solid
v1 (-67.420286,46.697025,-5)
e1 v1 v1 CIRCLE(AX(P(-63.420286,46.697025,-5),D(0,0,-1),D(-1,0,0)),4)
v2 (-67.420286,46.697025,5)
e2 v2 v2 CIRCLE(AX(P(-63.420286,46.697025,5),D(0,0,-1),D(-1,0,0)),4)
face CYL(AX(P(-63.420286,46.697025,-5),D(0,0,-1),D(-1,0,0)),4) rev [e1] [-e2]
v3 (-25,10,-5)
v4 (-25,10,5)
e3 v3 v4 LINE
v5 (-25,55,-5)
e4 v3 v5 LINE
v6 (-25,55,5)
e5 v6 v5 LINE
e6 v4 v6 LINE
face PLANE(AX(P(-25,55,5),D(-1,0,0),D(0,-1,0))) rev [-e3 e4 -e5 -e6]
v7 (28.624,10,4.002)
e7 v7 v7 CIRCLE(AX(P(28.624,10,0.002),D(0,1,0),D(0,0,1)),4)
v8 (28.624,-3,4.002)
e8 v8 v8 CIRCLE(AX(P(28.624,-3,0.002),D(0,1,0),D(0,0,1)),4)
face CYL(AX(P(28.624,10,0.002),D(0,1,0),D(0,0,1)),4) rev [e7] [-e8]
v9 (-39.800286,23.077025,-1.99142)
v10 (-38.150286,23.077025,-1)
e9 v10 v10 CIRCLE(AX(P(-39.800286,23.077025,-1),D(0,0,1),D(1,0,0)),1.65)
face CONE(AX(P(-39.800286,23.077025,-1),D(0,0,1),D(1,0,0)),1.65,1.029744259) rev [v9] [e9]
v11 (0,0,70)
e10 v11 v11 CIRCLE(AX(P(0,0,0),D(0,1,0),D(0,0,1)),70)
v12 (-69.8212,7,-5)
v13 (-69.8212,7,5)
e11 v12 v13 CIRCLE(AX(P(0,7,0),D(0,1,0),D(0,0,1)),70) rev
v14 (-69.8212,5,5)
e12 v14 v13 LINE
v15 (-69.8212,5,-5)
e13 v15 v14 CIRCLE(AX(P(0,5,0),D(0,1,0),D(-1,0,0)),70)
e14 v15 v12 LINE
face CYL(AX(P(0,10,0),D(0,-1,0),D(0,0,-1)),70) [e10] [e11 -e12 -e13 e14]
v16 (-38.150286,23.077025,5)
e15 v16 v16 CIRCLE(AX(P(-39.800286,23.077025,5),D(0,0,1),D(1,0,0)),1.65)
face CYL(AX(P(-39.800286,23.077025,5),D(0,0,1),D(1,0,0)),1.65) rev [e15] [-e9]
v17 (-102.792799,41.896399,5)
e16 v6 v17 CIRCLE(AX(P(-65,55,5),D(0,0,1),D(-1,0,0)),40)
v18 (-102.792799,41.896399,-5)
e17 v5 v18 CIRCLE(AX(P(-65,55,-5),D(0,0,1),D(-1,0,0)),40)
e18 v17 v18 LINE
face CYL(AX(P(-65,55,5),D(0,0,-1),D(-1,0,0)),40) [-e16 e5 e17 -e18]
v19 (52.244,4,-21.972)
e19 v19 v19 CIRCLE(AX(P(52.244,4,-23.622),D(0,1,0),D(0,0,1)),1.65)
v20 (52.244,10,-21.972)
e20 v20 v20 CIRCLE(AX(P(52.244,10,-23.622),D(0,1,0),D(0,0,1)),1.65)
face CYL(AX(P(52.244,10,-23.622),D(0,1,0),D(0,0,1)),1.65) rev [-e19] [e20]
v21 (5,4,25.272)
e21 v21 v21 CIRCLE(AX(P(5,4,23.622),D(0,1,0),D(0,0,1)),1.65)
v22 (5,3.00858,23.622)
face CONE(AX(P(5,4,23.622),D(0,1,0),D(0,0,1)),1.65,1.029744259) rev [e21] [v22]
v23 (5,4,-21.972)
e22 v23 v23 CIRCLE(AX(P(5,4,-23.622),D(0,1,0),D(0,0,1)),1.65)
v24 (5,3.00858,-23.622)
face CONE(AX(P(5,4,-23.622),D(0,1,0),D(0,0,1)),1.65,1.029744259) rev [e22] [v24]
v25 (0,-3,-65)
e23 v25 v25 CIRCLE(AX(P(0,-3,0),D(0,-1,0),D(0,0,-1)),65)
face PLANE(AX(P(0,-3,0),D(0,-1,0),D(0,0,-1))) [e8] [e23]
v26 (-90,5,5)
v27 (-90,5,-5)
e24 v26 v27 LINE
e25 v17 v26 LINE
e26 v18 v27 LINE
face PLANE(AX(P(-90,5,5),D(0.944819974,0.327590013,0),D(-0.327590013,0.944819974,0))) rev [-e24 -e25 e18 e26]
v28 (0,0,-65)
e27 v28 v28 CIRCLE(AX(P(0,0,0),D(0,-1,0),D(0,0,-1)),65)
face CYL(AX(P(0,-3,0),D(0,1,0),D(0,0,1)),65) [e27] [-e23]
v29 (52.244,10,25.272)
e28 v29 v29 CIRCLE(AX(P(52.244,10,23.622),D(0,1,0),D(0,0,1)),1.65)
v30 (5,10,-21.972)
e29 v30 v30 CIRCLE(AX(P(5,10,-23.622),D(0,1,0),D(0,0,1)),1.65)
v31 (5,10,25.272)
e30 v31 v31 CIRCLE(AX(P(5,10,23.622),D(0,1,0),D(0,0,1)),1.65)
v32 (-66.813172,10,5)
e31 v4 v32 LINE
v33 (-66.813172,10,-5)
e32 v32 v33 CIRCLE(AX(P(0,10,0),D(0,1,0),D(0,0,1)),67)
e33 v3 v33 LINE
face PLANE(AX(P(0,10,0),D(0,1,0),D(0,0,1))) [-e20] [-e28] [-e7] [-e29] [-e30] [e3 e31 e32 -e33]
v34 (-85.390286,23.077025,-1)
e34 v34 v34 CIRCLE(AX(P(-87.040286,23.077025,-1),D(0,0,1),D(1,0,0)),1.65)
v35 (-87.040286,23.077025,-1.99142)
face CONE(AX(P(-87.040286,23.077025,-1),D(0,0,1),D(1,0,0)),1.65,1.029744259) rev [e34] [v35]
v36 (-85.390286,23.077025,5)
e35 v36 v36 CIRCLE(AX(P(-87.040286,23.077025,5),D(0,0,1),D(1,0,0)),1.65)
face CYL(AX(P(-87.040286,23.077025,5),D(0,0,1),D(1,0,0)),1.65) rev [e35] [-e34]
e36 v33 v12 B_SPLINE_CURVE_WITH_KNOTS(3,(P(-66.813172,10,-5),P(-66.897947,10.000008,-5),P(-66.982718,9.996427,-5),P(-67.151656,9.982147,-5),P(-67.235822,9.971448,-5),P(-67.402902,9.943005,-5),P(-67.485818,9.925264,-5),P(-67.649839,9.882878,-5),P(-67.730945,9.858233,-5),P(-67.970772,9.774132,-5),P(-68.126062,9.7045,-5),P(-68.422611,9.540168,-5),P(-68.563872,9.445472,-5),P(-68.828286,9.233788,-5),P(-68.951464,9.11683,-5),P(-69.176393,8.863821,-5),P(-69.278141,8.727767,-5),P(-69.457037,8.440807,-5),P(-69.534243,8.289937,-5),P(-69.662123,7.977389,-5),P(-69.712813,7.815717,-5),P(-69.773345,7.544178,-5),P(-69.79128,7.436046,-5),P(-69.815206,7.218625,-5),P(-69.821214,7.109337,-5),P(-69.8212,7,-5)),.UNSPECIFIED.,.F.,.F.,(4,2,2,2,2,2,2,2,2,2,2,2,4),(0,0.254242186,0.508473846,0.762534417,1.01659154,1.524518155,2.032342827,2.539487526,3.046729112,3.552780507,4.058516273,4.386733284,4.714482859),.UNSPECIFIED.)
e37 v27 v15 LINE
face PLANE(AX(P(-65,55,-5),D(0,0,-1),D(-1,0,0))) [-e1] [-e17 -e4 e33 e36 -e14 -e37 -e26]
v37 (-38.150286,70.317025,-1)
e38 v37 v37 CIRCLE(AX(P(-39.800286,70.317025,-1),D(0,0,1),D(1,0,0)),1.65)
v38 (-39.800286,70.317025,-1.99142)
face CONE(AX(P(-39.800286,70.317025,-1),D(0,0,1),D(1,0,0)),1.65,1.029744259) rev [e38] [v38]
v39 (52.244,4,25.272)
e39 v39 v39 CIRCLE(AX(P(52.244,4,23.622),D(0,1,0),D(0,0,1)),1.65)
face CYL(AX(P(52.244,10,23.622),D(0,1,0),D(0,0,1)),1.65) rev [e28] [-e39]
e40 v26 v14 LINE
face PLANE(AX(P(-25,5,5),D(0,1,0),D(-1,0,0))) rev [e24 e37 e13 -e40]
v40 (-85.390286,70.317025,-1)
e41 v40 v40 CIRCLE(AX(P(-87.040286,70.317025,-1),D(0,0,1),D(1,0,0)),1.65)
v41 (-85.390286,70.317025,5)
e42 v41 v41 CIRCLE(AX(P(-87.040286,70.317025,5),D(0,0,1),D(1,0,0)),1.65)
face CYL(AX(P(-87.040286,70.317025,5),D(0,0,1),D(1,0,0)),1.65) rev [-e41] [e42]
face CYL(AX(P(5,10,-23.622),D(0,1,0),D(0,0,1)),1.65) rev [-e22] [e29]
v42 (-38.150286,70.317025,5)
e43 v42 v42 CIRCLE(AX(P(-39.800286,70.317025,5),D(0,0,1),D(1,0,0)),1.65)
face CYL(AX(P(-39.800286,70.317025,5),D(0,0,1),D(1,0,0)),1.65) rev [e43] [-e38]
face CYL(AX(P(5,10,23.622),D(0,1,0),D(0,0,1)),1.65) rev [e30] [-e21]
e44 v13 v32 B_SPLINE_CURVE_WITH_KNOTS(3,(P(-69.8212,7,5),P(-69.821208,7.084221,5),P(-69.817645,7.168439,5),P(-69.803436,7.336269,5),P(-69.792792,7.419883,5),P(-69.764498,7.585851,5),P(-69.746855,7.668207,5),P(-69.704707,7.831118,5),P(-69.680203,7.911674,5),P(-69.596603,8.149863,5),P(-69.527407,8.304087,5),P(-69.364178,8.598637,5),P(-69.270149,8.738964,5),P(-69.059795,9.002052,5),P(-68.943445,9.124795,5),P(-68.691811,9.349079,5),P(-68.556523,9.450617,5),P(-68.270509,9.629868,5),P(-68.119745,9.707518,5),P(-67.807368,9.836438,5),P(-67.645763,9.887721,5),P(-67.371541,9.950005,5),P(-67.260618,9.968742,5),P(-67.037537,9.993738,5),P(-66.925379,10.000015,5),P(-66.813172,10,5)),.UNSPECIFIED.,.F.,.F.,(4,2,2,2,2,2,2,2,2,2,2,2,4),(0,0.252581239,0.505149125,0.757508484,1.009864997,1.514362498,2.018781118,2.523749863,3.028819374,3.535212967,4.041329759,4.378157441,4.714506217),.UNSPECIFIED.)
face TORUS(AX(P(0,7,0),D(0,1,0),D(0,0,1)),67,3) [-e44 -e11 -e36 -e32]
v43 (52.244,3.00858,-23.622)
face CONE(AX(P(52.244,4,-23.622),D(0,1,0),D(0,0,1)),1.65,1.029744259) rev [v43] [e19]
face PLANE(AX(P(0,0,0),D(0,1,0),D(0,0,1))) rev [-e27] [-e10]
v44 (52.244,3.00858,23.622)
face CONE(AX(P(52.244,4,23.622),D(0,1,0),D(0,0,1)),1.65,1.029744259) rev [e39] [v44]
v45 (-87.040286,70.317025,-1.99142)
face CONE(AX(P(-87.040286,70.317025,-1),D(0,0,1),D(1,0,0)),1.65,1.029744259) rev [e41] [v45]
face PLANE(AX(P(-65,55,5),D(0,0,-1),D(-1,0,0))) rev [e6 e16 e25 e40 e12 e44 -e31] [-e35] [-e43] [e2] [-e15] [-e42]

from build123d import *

# Parameters (mm, degrees)
SKETCH1_R                 = 70
BOSS_EXTRUDE1_DEPTH       = 10
SKETCH2_R                 = 65
BOSS_EXTRUDE4_DEPTH       = 3
BOSS_EXTRUDE5_DEPTH       = 5
M4X0_7_TAPPED_HOLE1_D     = 3.3
M4X0_7_TAPPED_HOLE1_DEPTH = 6
M4X0_7_TAPPED_HOLE1_TIP   = 0.991420021
F_8_0MM_DOWEL_HOLE2_D     = 8
M4X0_7_TAPPED_HOLE3_D     = 3.3
M4X0_7_TAPPED_HOLE3_DEPTH = 6
M4X0_7_TAPPED_HOLE3_TIP   = 0.991420021
F_8_0MM_DOWEL_HOLE3_D     = 8
FILLET1_R                 = 3


with BuildPart() as part:
    # Sketch1 → Boss-Extrude1 (new body)
    with BuildSketch(Plane(origin=(0, 0, 0), x_dir=(1, 0, 0), z_dir=(0, 1, 0))):
        with Locations(Location((0, 0, 0), (0, 0, 270))):
            Circle(SKETCH1_R)
    extrude(amount=BOSS_EXTRUDE1_DEPTH)

    # Sketch2 → Boss-Extrude4 (add)
    with BuildSketch(Plane.XZ):
        with Locations(Location((0, 0, 0), (0, 0, 270))):
            Circle(SKETCH2_R)
    extrude(amount=BOSS_EXTRUDE4_DEPTH)

    # Sketch3 → Boss-Extrude5 (add, symmetric)
    with BuildSketch(Plane.XY):
        with BuildLine():
            Line((-25, 55), (-25, 5))
            Line((-25, 5), (-90, 5))
            Line((-90, 5), (-102.792798963, 41.896399481))
            ThreePointArc((-102.792798963, 41.896399481), (-71.644096684, 94.444340269), (-25, 55))
        make_face()
    extrude(amount=BOSS_EXTRUDE5_DEPTH, both=True)

    # M4x0.7 Tapped Hole1
    with Locations(Plane(origin=(0, 10, 0), x_dir=(1, 0, 0), z_dir=(0, 1, 0))):
        with Locations((5, 23.622), (52.244, 23.622), (52.244, -23.622), (5, -23.622)):
            Hole(M4X0_7_TAPPED_HOLE1_D / 2, depth=M4X0_7_TAPPED_HOLE1_DEPTH)
            with Locations((0, 0, -(M4X0_7_TAPPED_HOLE1_DEPTH + M4X0_7_TAPPED_HOLE1_TIP / 2))):  # 118° drill point
                Cone(0, M4X0_7_TAPPED_HOLE1_D / 2, M4X0_7_TAPPED_HOLE1_TIP, mode=Mode.SUBTRACT)

    # Ø8.0mm Dowel Hole2 (through all)
    with Locations(Plane(origin=(0, 0, -5), x_dir=(1, 0, 0), z_dir=(0, 0, -1))):
        with Locations((-63.420285579, -46.697024874)):
            Hole(F_8_0MM_DOWEL_HOLE2_D / 2)

    # M4x0.7 Tapped Hole3
    with Locations(Plane.XY.offset(5)):
        with Locations((-87.040285579, 70.317024874), (-39.800285579, 70.317024874), (-39.800285579, 23.077024874), (-87.040285579, 23.077024874)):
            Hole(M4X0_7_TAPPED_HOLE3_D / 2, depth=M4X0_7_TAPPED_HOLE3_DEPTH)
            with Locations((0, 0, -(M4X0_7_TAPPED_HOLE3_DEPTH + M4X0_7_TAPPED_HOLE3_TIP / 2))):  # 118° drill point
                Cone(0, M4X0_7_TAPPED_HOLE3_D / 2, M4X0_7_TAPPED_HOLE3_TIP, mode=Mode.SUBTRACT)

    # Ø8.0mm Dowel Hole3 (through all)
    with Locations(Plane(origin=(0, 10, 0), x_dir=(1, 0, 0), z_dir=(0, 1, 0))):
        with Locations((28.624, -0.002)):
            Hole(F_8_0MM_DOWEL_HOLE3_D / 2)

    # Fillet1
    fillet1_edges = [part.edges().sort_by_distance(p)[0] for p in [
        (51.23475383, 10, -47.696960071),
    ]]
    fillet(fillet1_edges, radius=FILLET1_R)


solid = part.part
